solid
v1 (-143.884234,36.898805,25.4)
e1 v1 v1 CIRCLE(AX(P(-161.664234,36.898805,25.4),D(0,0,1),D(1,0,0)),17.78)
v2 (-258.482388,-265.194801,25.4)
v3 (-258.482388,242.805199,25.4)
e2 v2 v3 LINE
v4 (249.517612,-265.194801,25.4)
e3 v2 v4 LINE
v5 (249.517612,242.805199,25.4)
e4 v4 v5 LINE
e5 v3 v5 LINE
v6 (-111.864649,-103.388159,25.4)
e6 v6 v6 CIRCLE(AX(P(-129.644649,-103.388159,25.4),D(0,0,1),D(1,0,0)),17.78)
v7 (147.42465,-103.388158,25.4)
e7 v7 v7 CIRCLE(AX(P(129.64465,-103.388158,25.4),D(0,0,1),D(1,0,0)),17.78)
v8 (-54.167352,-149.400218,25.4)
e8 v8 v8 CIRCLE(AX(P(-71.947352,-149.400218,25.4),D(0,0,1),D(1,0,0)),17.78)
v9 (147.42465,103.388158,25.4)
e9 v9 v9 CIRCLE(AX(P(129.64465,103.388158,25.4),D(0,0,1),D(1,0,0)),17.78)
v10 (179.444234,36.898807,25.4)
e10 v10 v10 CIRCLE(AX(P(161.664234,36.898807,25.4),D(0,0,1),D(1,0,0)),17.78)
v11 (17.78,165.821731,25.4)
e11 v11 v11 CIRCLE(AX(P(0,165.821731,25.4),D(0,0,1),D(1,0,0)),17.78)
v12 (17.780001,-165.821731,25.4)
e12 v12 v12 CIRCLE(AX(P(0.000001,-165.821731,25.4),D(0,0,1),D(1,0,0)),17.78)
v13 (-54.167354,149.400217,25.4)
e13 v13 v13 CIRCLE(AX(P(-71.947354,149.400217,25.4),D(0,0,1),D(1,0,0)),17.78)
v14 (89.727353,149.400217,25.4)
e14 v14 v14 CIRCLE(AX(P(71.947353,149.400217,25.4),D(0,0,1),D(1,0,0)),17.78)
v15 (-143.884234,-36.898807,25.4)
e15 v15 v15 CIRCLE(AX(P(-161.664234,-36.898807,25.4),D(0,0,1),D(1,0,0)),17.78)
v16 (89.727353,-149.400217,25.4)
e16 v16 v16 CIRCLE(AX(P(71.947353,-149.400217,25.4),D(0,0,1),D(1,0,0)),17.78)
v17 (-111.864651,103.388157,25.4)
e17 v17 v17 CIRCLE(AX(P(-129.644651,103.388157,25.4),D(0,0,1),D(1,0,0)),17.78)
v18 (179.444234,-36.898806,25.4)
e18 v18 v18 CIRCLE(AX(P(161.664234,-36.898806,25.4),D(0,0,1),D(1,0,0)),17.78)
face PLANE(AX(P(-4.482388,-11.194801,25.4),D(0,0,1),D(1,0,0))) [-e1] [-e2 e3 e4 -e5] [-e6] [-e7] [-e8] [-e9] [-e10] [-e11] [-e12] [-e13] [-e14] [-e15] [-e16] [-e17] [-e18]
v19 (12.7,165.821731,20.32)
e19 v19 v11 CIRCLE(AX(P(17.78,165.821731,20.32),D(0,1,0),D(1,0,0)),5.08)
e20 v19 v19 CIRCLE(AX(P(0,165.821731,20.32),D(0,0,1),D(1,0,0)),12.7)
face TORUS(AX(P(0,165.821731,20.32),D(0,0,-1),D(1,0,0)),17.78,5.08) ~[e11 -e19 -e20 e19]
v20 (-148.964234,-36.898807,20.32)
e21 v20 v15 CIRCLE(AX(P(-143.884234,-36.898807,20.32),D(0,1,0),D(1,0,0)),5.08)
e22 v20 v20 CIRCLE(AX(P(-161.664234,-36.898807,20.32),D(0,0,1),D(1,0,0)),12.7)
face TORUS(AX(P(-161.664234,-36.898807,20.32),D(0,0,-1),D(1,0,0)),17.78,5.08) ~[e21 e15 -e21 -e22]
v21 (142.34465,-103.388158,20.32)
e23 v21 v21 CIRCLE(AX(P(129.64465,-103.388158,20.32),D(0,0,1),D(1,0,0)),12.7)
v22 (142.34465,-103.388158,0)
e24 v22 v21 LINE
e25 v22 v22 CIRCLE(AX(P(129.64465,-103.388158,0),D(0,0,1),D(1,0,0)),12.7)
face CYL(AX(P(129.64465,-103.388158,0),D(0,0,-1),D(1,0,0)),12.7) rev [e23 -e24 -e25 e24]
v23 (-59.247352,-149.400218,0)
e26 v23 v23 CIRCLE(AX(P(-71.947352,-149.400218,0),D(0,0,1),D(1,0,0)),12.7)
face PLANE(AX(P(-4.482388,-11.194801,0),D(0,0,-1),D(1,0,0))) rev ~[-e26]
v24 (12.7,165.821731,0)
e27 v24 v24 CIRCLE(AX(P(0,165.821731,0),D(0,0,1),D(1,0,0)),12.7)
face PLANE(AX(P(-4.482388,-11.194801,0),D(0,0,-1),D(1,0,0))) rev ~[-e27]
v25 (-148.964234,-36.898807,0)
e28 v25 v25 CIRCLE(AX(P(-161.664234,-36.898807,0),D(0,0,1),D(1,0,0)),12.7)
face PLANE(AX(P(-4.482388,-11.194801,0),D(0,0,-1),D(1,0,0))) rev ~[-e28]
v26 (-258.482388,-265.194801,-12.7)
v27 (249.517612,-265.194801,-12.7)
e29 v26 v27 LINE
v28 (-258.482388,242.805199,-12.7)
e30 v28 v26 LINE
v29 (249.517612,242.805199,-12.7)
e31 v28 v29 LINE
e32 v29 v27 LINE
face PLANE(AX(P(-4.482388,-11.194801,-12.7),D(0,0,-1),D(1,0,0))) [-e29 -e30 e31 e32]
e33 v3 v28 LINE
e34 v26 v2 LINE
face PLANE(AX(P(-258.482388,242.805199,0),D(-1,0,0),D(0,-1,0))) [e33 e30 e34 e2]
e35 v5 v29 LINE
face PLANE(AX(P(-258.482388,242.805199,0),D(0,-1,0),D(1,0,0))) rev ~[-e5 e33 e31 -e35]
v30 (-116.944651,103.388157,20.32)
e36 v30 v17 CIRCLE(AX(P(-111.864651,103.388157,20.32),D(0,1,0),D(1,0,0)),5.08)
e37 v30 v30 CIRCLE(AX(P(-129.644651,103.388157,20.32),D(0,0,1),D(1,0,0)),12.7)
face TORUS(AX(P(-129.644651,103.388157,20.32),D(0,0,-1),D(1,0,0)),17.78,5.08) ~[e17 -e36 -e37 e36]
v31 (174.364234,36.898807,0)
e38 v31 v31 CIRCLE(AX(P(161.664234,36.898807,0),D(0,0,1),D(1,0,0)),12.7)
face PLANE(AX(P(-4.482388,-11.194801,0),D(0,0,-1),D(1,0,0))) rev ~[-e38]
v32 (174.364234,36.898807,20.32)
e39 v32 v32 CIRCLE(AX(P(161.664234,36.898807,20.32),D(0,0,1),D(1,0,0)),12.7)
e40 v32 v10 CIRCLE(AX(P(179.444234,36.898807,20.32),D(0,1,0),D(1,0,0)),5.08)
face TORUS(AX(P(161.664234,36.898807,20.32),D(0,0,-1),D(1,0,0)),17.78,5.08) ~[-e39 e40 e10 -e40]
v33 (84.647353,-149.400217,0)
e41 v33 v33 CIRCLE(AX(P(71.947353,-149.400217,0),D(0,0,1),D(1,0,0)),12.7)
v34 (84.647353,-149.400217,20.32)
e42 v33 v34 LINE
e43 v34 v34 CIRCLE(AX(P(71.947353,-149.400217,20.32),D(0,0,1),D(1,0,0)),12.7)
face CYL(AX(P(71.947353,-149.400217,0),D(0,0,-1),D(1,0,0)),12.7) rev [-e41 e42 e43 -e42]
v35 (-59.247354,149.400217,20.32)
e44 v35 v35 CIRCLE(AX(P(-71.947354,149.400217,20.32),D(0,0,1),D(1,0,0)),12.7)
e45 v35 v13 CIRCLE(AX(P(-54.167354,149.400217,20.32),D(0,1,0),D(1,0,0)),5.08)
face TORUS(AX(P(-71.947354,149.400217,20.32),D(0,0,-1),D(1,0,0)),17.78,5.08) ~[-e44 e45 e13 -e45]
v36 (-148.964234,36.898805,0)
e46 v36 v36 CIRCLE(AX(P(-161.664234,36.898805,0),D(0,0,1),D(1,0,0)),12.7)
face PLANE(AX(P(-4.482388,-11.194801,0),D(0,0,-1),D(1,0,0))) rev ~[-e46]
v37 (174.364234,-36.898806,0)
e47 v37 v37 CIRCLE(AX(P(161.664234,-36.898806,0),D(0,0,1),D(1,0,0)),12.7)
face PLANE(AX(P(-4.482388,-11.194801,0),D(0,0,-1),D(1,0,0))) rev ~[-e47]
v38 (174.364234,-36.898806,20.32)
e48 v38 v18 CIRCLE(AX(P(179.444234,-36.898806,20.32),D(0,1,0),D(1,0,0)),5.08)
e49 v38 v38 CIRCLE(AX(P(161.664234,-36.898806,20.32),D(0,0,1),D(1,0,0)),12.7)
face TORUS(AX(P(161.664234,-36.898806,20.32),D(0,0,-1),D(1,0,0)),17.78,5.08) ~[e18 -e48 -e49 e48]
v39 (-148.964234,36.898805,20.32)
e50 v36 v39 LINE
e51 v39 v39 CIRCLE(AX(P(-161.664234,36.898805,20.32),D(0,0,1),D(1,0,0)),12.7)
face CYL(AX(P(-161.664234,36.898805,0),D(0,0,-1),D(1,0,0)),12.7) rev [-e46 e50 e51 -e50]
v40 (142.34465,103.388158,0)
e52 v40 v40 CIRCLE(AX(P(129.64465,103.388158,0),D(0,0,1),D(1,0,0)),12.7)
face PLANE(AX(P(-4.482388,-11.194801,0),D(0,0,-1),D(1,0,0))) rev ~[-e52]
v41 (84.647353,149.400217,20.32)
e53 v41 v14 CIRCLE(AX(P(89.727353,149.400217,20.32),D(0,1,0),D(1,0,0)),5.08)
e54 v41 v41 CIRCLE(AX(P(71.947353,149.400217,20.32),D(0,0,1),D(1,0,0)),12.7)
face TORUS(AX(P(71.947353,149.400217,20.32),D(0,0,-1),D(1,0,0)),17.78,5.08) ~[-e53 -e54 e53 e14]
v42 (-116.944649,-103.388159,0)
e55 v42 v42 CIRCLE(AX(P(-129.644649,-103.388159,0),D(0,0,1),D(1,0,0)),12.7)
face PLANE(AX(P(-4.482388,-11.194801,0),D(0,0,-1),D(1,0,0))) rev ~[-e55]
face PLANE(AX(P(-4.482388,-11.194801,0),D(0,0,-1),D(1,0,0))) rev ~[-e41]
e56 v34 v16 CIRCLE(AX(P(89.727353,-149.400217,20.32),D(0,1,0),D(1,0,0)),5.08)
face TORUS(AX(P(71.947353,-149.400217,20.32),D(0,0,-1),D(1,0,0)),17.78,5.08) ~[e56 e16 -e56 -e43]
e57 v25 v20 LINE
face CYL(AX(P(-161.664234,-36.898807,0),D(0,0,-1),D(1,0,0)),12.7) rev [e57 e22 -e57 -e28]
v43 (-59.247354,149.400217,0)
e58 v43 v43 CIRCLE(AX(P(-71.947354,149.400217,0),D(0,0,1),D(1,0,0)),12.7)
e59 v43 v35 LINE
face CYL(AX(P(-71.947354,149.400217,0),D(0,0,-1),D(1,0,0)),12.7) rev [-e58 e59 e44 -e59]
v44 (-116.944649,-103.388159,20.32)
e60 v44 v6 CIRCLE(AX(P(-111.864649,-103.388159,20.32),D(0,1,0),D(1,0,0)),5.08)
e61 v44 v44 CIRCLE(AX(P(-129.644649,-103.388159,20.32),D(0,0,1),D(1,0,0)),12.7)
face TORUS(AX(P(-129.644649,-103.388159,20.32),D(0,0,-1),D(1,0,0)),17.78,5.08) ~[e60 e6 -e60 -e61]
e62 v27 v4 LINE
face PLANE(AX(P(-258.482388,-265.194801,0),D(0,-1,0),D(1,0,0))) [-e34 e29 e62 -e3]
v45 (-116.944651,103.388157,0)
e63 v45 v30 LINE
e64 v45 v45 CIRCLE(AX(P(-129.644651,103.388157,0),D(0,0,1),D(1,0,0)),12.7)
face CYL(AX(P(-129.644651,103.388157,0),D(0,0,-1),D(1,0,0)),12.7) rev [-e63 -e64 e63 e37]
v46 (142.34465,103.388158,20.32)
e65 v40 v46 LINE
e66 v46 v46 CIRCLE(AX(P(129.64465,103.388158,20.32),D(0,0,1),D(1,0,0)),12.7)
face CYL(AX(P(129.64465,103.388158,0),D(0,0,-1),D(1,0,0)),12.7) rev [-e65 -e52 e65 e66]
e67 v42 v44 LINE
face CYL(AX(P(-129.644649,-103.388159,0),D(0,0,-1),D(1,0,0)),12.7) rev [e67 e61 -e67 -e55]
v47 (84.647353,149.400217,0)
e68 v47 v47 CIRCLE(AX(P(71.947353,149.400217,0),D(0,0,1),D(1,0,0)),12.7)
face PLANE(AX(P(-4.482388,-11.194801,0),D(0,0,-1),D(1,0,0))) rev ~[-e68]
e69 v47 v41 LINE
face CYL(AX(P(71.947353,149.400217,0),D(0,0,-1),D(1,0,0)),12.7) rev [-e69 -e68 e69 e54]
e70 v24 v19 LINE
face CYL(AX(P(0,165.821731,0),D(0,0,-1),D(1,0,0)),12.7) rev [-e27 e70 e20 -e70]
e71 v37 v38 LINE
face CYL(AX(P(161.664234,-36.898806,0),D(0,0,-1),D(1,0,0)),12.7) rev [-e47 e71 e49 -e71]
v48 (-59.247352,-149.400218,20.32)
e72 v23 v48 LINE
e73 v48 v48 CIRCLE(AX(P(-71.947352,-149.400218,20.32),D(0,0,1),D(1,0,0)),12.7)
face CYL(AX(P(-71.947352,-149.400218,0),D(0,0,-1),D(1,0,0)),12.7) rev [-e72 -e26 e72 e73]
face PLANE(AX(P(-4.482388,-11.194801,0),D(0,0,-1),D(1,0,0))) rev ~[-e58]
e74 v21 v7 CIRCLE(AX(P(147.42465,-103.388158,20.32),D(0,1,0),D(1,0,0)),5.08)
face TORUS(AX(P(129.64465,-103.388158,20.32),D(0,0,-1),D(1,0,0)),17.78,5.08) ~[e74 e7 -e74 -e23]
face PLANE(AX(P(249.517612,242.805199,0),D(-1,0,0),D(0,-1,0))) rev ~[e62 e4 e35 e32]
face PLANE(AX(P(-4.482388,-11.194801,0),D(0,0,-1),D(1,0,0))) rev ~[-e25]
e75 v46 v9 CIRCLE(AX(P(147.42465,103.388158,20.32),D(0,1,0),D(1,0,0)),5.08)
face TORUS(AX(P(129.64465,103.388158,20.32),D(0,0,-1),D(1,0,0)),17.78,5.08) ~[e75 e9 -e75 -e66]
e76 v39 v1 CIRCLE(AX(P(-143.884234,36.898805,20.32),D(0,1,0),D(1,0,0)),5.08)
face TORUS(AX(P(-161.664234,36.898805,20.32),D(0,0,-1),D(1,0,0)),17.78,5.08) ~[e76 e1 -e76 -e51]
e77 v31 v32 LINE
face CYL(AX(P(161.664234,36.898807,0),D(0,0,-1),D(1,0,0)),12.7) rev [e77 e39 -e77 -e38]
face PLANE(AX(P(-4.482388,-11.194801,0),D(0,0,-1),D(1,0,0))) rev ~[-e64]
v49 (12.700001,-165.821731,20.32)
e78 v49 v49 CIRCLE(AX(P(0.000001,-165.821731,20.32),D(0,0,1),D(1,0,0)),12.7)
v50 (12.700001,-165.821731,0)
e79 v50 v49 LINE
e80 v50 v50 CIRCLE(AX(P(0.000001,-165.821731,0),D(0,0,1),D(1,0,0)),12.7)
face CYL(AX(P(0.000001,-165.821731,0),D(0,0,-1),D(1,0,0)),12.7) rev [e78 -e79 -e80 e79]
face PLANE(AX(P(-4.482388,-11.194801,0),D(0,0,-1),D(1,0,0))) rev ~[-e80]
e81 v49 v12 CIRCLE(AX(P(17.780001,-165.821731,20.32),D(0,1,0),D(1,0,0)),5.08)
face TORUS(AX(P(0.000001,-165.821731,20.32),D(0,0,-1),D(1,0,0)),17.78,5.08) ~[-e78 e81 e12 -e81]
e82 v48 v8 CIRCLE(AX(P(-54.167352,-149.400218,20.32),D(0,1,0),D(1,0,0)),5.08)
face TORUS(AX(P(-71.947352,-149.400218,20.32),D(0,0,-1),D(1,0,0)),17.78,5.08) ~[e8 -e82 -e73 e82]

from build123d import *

# Parameters (mm, degrees)
F0_W     = 508
F0_H     = 508
F0_R     = 12.7
F1_DEPTH = 25.4
F2_R     = 5.08
F4_W     = 508
F4_H     = 508
F5_DEPTH = 12.7


with BuildPart() as f1:
    # F0 (on Top) → F1 (new body)
    with BuildSketch(Plane.XY):
        with Locations((-4.4823884964, -11.1948011881)):
            Rectangle(F0_W, F0_H)
        with Locations((-71.9473519823, -149.4002176859)):
            Circle(F0_R, mode=Mode.SUBTRACT)
        with Locations((-161.664233861, -36.8988074602)):
            Circle(F0_R, mode=Mode.SUBTRACT)
        with Locations((-129.6446492754, -103.3881589744)):
            Circle(F0_R, mode=Mode.SUBTRACT)
        with Locations((7.092e-07, -165.8217310905)):
            Circle(F0_R, mode=Mode.SUBTRACT)
        with Locations((71.9473532602, -149.4002170705)):
            Circle(F0_R, mode=Mode.SUBTRACT)
        with Locations((129.6446501598, -103.3881578655)):
            Circle(F0_R, mode=Mode.SUBTRACT)
        with Locations((161.6642341767, -36.8988060774)):
            Circle(F0_R, mode=Mode.SUBTRACT)
        with Locations((-161.6642343345, 36.8988053861)):
            Circle(F0_R, mode=Mode.SUBTRACT)
        with Locations((-129.6446506019, 103.388157311)):
            Circle(F0_R, mode=Mode.SUBTRACT)
        with Locations((-71.9473538991, 149.4002167628)):
            Circle(F0_R, mode=Mode.SUBTRACT)
        with Locations((161.6642340189, 36.8988067688)):
            Circle(F0_R, mode=Mode.SUBTRACT)
        with Locations((129.6446497176, 103.3881584199)):
            Circle(F0_R, mode=Mode.SUBTRACT)
        with Locations((0, 165.8217310905)):
            Circle(F0_R, mode=Mode.SUBTRACT)
        with Locations((71.9473526212, 149.4002173782)):
            Circle(F0_R, mode=Mode.SUBTRACT)
    extrude(amount=F1_DEPTH)

    # F2
    f2_edges = [f1.edges().sort_by_distance(p)[0] for p in [
        (-12.7, 165.821731, 25.4),
        (116.94465, 103.388158, 25.4),
        (59.247353, 149.400217, 25.4),
        (148.964234, 36.898807, 25.4),
        (148.964234, -36.898806, 25.4),
        (116.94465, -103.388158, 25.4),
        (59.247353, -149.400217, 25.4),
        (-12.699999, -165.821731, 25.4),
        (-84.647352, -149.400218, 25.4),
        (-142.344649, -103.388159, 25.4),
        (-174.364234, -36.898807, 25.4),
        (-174.364234, 36.898805, 25.4),
        (-142.344651, 103.388157, 25.4),
        (-84.647354, 149.400217, 25.4),
    ]]
    fillet(f2_edges, radius=F2_R)

    # F4 (on offset) → F5 (join)
    with BuildSketch(Plane(origin=(0, 0, 0), x_dir=(1, 0, 0), z_dir=(0, 0, -1))):
        with Locations((-4.4823884964, 11.1948011881)):
            Rectangle(F4_W, F4_H)
    extrude(amount=F5_DEPTH)


solid = f1.part
